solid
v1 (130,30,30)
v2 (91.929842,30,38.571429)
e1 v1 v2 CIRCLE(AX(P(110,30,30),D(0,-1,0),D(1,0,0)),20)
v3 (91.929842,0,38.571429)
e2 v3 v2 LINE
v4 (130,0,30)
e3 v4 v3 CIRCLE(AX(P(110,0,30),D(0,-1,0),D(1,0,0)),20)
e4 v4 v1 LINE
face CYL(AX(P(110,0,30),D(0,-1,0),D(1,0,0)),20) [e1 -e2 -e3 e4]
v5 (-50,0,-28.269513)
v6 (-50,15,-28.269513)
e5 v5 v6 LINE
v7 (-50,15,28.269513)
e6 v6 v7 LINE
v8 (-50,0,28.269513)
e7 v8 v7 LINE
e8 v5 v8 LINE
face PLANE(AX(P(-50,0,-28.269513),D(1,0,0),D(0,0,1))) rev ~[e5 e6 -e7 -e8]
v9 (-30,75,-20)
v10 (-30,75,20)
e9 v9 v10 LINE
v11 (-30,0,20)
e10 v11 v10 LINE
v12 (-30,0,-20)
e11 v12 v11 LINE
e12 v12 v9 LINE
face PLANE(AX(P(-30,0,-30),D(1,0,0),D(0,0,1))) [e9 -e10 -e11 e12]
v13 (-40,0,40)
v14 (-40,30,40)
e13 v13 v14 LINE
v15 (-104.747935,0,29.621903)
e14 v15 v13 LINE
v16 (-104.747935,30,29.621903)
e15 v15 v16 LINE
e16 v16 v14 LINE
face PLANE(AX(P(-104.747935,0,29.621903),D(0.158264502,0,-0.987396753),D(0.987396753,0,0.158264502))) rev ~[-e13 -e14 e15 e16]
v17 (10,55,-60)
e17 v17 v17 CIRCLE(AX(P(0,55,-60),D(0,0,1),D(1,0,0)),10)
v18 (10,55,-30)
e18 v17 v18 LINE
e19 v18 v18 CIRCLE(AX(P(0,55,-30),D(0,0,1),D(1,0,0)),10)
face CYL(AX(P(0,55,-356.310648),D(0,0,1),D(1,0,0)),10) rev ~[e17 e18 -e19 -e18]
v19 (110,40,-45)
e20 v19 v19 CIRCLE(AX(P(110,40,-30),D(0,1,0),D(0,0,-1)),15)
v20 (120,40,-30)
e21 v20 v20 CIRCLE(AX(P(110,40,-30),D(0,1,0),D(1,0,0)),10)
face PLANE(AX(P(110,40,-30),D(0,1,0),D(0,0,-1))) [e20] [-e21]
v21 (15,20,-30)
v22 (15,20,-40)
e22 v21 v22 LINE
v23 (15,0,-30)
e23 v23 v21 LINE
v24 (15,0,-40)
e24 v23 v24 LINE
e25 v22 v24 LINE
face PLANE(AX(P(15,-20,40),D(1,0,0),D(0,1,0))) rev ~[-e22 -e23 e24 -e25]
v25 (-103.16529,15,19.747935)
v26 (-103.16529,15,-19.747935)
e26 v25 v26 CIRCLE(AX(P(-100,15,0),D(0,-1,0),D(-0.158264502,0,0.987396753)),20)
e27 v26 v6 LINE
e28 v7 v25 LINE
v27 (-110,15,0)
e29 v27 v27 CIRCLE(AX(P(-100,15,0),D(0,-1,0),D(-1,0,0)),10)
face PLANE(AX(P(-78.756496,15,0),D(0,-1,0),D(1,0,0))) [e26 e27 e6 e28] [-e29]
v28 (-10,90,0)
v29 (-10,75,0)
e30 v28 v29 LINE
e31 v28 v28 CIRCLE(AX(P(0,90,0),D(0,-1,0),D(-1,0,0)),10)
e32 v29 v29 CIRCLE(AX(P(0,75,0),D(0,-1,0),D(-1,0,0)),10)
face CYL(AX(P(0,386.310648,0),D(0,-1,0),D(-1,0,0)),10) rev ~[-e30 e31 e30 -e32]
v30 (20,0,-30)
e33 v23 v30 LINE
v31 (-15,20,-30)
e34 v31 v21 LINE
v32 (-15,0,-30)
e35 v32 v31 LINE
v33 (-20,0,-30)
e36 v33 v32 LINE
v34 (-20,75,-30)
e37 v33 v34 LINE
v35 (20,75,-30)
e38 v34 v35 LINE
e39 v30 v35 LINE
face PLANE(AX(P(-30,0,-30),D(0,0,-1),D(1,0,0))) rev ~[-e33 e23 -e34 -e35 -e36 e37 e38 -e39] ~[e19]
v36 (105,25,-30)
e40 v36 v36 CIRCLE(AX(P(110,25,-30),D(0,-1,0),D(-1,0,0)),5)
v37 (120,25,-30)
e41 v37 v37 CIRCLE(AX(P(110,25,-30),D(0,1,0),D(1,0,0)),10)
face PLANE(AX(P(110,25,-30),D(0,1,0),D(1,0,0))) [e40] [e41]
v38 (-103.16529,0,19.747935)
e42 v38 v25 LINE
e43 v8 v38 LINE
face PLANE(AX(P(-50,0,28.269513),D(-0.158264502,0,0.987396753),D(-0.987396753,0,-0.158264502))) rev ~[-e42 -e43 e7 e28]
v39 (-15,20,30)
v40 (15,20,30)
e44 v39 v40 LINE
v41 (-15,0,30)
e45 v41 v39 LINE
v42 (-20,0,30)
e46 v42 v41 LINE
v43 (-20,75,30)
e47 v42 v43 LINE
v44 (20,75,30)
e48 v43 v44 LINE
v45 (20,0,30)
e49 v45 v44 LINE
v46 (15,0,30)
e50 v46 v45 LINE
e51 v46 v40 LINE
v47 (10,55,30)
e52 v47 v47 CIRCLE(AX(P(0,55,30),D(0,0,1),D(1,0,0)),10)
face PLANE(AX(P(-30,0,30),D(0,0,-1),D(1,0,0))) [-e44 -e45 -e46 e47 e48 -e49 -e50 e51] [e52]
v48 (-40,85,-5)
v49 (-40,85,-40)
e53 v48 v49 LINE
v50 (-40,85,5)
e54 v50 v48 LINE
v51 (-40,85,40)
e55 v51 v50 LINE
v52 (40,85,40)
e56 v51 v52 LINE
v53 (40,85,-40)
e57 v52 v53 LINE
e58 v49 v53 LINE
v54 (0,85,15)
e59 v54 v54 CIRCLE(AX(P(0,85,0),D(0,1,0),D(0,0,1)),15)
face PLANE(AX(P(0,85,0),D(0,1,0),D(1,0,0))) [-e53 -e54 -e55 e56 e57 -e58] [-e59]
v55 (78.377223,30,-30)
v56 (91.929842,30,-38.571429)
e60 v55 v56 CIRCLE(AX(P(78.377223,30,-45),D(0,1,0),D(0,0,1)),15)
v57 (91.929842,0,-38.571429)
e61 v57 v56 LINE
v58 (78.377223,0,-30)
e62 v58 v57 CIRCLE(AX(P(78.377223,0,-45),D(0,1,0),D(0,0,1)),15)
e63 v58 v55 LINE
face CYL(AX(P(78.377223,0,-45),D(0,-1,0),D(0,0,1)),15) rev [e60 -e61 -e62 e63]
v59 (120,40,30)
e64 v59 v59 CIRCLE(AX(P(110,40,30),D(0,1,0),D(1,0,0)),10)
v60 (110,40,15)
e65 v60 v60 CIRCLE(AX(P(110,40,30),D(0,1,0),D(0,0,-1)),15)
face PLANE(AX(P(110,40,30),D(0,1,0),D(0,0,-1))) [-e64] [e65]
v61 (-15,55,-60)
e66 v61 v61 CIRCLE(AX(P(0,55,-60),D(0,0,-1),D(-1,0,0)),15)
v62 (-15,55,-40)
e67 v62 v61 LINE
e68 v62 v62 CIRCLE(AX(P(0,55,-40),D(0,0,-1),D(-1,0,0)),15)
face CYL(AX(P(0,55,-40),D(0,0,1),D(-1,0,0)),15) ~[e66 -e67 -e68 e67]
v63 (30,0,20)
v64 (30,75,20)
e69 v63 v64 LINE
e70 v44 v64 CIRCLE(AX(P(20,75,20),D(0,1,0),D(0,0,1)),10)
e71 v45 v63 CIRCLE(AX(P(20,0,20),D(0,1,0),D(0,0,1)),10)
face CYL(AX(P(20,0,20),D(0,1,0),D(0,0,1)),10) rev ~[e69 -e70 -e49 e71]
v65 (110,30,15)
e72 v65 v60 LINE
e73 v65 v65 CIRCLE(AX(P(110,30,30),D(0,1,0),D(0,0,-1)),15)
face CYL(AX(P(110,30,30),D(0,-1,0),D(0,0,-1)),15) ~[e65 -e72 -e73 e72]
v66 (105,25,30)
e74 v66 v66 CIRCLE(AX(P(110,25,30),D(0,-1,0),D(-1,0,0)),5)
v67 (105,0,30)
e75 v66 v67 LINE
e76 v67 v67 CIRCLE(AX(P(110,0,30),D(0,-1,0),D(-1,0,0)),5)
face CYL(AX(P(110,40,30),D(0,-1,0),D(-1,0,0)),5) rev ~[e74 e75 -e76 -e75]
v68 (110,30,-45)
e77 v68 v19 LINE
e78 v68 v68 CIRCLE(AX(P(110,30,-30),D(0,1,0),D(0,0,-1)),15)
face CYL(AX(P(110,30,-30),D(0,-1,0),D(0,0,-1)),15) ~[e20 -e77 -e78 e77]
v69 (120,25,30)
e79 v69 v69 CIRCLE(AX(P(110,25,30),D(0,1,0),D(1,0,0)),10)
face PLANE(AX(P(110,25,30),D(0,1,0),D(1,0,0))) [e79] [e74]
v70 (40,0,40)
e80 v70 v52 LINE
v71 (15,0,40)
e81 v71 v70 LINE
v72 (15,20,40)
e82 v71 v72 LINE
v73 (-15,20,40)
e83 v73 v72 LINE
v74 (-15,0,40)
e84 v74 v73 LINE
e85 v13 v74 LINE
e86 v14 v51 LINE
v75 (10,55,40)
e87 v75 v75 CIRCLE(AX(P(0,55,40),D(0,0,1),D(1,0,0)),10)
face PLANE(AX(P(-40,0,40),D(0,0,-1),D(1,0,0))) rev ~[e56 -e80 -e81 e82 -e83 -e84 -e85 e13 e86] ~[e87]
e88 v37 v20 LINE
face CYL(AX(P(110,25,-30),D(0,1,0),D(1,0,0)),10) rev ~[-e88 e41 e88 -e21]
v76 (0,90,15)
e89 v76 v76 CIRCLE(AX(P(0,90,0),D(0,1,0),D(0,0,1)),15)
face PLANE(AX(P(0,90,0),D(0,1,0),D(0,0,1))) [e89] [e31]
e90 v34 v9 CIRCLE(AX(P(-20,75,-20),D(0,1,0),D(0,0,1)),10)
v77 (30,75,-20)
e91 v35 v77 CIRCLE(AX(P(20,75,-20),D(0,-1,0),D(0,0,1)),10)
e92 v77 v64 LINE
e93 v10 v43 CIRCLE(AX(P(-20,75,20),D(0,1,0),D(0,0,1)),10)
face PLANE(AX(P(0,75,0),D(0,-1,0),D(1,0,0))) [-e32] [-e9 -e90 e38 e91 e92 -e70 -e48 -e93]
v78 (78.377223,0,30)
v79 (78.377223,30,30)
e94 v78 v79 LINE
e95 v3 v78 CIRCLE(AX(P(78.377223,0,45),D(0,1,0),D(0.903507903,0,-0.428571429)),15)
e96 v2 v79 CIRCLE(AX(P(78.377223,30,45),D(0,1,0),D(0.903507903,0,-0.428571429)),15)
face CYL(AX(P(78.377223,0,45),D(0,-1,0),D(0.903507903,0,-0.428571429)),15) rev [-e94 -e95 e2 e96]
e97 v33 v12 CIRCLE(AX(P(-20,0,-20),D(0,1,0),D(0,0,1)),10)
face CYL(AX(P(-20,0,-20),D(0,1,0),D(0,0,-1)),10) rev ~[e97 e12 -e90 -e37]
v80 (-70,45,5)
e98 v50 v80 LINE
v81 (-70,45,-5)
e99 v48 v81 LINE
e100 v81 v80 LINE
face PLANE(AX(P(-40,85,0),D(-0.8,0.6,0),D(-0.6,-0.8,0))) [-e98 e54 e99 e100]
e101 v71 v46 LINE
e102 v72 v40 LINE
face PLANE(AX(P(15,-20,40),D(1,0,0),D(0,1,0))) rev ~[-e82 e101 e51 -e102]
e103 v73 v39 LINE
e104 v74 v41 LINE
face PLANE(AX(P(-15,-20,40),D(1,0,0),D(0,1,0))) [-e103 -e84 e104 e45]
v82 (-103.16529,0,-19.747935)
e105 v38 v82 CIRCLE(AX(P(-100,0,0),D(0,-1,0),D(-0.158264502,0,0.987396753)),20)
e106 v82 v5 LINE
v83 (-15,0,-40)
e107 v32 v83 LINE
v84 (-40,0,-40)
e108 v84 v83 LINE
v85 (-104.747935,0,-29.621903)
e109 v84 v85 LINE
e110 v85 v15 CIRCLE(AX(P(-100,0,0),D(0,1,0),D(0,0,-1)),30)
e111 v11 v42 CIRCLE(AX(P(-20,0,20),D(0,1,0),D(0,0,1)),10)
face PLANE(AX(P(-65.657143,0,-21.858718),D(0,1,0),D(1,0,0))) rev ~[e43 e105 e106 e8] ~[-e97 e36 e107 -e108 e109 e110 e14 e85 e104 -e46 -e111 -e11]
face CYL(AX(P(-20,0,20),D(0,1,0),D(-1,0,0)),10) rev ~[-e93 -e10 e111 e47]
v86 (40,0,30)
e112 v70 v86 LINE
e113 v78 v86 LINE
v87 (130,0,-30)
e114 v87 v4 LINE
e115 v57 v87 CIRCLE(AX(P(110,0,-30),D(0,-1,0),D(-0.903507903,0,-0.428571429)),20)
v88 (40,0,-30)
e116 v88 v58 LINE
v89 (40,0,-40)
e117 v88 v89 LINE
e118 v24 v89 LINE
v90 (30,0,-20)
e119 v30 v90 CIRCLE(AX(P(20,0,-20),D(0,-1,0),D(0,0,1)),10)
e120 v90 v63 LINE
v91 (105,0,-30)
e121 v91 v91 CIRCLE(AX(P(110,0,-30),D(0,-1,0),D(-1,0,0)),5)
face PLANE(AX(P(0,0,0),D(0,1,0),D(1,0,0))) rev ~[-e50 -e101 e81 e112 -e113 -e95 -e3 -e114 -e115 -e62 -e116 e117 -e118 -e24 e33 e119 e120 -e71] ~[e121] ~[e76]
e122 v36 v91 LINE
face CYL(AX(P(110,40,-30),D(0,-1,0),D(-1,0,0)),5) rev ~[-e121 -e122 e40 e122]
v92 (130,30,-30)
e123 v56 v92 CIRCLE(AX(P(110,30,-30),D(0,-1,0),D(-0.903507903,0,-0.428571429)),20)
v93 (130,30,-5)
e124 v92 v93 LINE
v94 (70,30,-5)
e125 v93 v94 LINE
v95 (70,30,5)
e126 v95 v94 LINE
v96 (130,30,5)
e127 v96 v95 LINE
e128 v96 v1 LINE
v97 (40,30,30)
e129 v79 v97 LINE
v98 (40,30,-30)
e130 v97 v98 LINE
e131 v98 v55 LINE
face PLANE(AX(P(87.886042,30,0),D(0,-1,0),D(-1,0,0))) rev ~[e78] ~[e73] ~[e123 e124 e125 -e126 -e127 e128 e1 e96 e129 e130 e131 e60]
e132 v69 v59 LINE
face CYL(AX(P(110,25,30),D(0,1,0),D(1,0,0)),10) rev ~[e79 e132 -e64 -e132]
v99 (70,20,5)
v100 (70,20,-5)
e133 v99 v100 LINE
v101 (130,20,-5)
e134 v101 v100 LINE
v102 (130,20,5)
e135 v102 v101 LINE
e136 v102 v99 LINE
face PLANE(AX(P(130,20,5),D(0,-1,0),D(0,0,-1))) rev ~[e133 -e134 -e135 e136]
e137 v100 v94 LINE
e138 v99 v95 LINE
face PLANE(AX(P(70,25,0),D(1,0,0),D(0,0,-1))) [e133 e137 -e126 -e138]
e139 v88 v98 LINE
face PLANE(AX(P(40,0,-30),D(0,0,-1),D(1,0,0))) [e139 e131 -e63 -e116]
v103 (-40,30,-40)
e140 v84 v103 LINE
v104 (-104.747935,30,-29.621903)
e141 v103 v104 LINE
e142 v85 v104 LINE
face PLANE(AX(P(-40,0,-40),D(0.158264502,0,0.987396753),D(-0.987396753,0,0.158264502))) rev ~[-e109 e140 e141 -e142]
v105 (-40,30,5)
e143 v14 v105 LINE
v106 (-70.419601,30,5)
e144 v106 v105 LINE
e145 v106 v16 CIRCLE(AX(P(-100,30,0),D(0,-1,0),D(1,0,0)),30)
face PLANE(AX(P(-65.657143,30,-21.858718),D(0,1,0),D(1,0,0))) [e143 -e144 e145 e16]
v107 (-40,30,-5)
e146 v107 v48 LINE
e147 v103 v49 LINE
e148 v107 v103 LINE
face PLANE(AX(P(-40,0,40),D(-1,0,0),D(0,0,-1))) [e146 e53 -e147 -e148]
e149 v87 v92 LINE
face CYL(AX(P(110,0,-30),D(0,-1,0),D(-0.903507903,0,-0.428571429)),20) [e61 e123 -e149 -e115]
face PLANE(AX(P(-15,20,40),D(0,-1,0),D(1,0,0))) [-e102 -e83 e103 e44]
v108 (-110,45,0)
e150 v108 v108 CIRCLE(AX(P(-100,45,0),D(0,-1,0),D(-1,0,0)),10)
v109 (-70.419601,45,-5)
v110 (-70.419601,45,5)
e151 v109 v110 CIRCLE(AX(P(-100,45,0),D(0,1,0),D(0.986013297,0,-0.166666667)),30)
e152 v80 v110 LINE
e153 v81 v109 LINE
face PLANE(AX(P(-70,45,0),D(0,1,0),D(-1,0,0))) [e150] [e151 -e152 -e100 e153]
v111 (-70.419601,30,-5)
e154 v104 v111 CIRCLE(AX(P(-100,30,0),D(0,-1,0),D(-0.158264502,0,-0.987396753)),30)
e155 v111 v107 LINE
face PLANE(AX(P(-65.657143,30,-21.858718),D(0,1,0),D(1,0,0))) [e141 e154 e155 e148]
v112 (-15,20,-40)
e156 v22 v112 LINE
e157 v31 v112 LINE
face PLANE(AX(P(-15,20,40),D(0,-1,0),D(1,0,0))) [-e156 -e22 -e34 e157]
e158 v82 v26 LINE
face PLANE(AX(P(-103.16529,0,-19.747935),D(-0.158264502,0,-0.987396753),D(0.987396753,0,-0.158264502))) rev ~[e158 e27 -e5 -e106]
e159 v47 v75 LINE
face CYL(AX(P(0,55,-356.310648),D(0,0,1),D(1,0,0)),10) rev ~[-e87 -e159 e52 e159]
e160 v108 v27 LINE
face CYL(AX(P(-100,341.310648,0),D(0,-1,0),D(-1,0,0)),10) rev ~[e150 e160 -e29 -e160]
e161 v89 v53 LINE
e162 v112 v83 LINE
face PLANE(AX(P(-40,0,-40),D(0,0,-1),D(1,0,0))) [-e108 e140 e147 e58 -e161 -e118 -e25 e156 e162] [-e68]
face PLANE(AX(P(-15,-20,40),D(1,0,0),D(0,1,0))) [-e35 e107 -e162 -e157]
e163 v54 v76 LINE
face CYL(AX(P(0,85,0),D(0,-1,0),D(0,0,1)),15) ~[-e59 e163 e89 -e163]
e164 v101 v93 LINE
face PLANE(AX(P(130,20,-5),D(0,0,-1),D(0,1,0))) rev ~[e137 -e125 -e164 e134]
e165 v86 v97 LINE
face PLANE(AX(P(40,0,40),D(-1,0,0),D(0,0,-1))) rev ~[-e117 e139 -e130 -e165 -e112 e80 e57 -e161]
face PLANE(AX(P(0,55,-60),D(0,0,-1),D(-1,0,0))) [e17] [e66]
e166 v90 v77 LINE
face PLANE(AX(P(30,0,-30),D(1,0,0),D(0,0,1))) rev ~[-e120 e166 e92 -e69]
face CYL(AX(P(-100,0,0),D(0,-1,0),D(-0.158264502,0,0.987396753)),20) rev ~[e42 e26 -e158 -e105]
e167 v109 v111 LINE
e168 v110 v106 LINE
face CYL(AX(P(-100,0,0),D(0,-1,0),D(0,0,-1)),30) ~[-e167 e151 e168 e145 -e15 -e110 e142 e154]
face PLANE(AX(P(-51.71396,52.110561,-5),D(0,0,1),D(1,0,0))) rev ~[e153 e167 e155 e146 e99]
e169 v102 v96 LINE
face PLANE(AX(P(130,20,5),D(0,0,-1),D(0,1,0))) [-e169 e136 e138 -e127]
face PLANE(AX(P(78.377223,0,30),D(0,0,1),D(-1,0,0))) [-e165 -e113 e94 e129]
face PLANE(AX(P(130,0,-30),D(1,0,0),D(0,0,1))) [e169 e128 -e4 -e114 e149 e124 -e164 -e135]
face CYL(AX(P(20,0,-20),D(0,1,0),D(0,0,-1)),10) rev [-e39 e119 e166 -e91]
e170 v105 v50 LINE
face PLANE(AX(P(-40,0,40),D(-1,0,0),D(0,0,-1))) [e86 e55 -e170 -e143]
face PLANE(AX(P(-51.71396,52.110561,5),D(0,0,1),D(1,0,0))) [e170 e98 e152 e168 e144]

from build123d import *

# Parameters (mm, degrees)
SKETCH2_W                                = 80
SKETCH2_H                                = 80
BOSS_EXTRUDE1_DEPTH                      = 85
SKETCH3_W                                = 30
SKETCH3_H                                = 40
CUT_EXTRUDE1_DEPTH                       = 124.389626793
SKETCH4_R                                = 15
BOSS_EXTRUDE2_DEPTH                      = 20
SKETCH5_R                                = 15
BOSS_EXTRUDE3_DEPTH                      = 5
SKETCH7_R                                = 30
BOSS_EXTRUDE4_DEPTH                      = 45
BOSS_EXTRUDE5_DEPTH                      = 30
CUT_EXTRUDE2_DEPTH                       = 15
SKETCH11_W                               = 60
SKETCH11_H                               = 60
CUT_EXTRUDE3_DEPTH                       = 75
BOSS_EXTRUDE6_DEPTH                      = 30
SKETCH21_R                               = 15
BOSS_EXTRUDE7_DEPTH                      = 10
F_20_0_20_DIAMETER_HOLE1_D               = 20
F_20_0_20_DIAMETER_HOLE2_D               = 20
F_20_0_20_DIAMETER_HOLE3_D               = 20
CBORE_FOR_M10_HEX_HEAD_BOLT2_D           = 10
CBORE_FOR_M10_HEX_HEAD_BOLT2_CBORE_D     = 20
CBORE_FOR_M10_HEX_HEAD_BOLT2_CBORE_DEPTH = 15
BOSS_EXTRUDE9_DEPTH                      = 5
SKETCH25_W                               = 10
SKETCH25_H                               = 10
CUT_EXTRUDE4_DEPTH                       = 60
FILLET1_R                                = 10


with BuildPart() as part:
    # Sketch2 → Boss-Extrude1 (new body)
    with BuildSketch(Plane(origin=(0, 0, 0), x_dir=(1, 0, 0), z_dir=(0, 1, 0))):
        Rectangle(SKETCH2_W, SKETCH2_H)
    extrude(amount=BOSS_EXTRUDE1_DEPTH)

    # Sketch3 → Cut-Extrude1 (cut, through all)
    with BuildSketch(Plane.XY.offset(40)):
        Rectangle(SKETCH3_W, SKETCH3_H)
    extrude(amount=-CUT_EXTRUDE1_DEPTH, mode=Mode.SUBTRACT)

    # Sketch4 → Boss-Extrude2 (add)
    with BuildSketch(Plane(origin=(0, 0, -40), x_dir=(-1, 0, 0), z_dir=(0, 0, -1))):
        with Locations((0, 55)):
            Circle(SKETCH4_R)
    extrude(amount=BOSS_EXTRUDE2_DEPTH)

    # Sketch5 → Boss-Extrude3 (add)
    with BuildSketch(Plane(origin=(0, 85, 0), x_dir=(1, 0, 0), z_dir=(0, 1, 0))):
        with Locations(Location((0, 0, 0), (0, 0, 270))):
            Circle(SKETCH5_R)
    extrude(amount=BOSS_EXTRUDE3_DEPTH)



with BuildPart() as body_2:
    # Sketch7 → Boss-Extrude4 (new body)
    with BuildSketch(Plane(origin=(0, 0, 0), x_dir=(1, 0, 0), z_dir=(0, 1, 0))):
        with Locations(Location((-100, 0, 0), (0, 0, 90))):
            Circle(SKETCH7_R)
    extrude(amount=BOSS_EXTRUDE4_DEPTH)


with BuildPart() as part_1:
    add(part.part)

    add(body_2.part)  # Boss-Extrude5 merges body 2
    # Sketch9 → Boss-Extrude5 (add)
    with BuildSketch(Plane(origin=(0, 0, 0), x_dir=(1, 0, 0), z_dir=(0, 1, 0))):
        with BuildLine():
            Line((-40, 0), (-40, 40))
            Line((-40, 40), (-104.747935056, 29.621902584))
            ThreePointArc((-104.747935056, 29.621902584), (-80.53770378, 22.830221765), (-70, 0))
            Line((-70, 0), (-40, 0))
        make_face()
        with BuildLine():
            Line((-40, -40), (-40, 0))
            Line((-40, 0), (-70, 0))
            ThreePointArc((-70, 0), (-80.53770378, -22.830221765), (-104.747935056, -29.621902584))
            Line((-104.747935056, -29.621902584), (-40, -40))
        make_face()
    extrude(amount=BOSS_EXTRUDE5_DEPTH)

    # Sketch10 → Cut-Extrude2 (cut)
    with BuildSketch(Plane.XZ):
        with BuildLine():
            Line((-50, 28.269512751), (-103.165290037, 19.747935056))
            ThreePointArc((-103.165290037, 19.747935056), (-120, 0), (-103.165290037, -19.747935056))
            Line((-103.165290037, -19.747935056), (-50, -28.269512751))
            Line((-50, -28.269512751), (-50, 28.269512751))
        make_face()
    extrude(amount=-CUT_EXTRUDE2_DEPTH, mode=Mode.SUBTRACT)

    # Sketch11 → Cut-Extrude3 (cut)
    with BuildSketch(Plane.XZ):
        Rectangle(SKETCH11_W, SKETCH11_H)
    extrude(amount=-CUT_EXTRUDE3_DEPTH, mode=Mode.SUBTRACT)

    # Sketch12 → Boss-Extrude6 (add)
    with BuildSketch(Plane(origin=(0, 0, 0), x_dir=(1, 0, 0), z_dir=(0, 1, 0))):
        with BuildLine():
            Line((40, 30), (78.377223398, 30))
            ThreePointArc((78.377223398, 30), (86.395060656, 32.322686179), (91.929841942, 38.571428571))
            ThreePointArc((91.929841942, 38.571428571), (114.392996633, 49.511575554), (130, 30))
            Line((130, 30), (130, -30))
            ThreePointArc((130, -30), (114.392996633, -49.511575554), (91.929841942, -38.571428571))
            ThreePointArc((91.929841942, -38.571428571), (86.395060656, -32.322686179), (78.377223398, -30))
            Line((78.377223398, -30), (40, -30))
            Line((40, -30), (40, 30))
        make_face()
    extrude(amount=BOSS_EXTRUDE6_DEPTH)

    # Sketch21 → Boss-Extrude7 (add)
    with BuildSketch(Plane(origin=(0, 30, 0), x_dir=(1, 0, 0), z_dir=(0, 1, 0))):
        with Locations(Location((110, 30, 0), (0, 0, 90))):
            Circle(SKETCH21_R)
        with Locations(Location((110, -30, 0), (0, 0, 90))):
            Circle(SKETCH21_R)
    extrude(amount=BOSS_EXTRUDE7_DEPTH)

    # Ø20.0 (20) Diameter Hole1 (through all)
    with Locations(Plane(origin=(0, 45, 0), x_dir=(1, 0, 0), z_dir=(0, 1, 0))):
        with Locations((-100, 0)):
            Hole(F_20_0_20_DIAMETER_HOLE1_D / 2)

    # Ø20.0 (20) Diameter Hole2 (through all)
    with Locations(Plane(origin=(0, 90, 0), x_dir=(1, 0, 0), z_dir=(0, 1, 0))):
        with Locations((0, 0)):
            Hole(F_20_0_20_DIAMETER_HOLE2_D / 2)

    # Ø20.0 (20) Diameter Hole3 (through all)
    with Locations(Plane(origin=(0, 0, -60), x_dir=(-1, 0, 0), z_dir=(0, 0, -1))):
        with Locations((0, 55)):
            Hole(F_20_0_20_DIAMETER_HOLE3_D / 2)

    # CBORE for M10 Hex Head Bolt2 (through all)
    with Locations(Plane(origin=(0, 40, 0), x_dir=(1, 0, 0), z_dir=(0, 1, 0))):
        with Locations((110, 30), (110, -30)):
            CounterBoreHole(CBORE_FOR_M10_HEX_HEAD_BOLT2_D / 2, CBORE_FOR_M10_HEX_HEAD_BOLT2_CBORE_D / 2, CBORE_FOR_M10_HEX_HEAD_BOLT2_CBORE_DEPTH)

    # Sketch24 → Boss-Extrude9 (add, symmetric)
    with BuildSketch(Plane.XY):
        Polygon((-40, 85), (-70, 45), (-71.999098595, 45), (-71.999098595, 30), (-70, 30), (-40, 30), align=None)
    extrude(amount=BOSS_EXTRUDE9_DEPTH, both=True)

    # Sketch25 → Cut-Extrude4 (cut)
    with BuildSketch(Plane(origin=(130, 0, 0), x_dir=(0, 0, -1), z_dir=(1, 0, 0))):
        with Locations((0, 25)):
            Rectangle(SKETCH25_W, SKETCH25_H)
    extrude(amount=-CUT_EXTRUDE4_DEPTH, mode=Mode.SUBTRACT)

    # Fillet1
    fillet1_edges = [part_1.edges().sort_by_distance(p)[0] for p in [
        (-30, 37.5, 30),
        (30, 37.5, -30),
        (-30, 37.5, -30),
        (30, 37.5, 30),
    ]]
    fillet(fillet1_edges, radius=FILLET1_R)


solid = part_1.part
